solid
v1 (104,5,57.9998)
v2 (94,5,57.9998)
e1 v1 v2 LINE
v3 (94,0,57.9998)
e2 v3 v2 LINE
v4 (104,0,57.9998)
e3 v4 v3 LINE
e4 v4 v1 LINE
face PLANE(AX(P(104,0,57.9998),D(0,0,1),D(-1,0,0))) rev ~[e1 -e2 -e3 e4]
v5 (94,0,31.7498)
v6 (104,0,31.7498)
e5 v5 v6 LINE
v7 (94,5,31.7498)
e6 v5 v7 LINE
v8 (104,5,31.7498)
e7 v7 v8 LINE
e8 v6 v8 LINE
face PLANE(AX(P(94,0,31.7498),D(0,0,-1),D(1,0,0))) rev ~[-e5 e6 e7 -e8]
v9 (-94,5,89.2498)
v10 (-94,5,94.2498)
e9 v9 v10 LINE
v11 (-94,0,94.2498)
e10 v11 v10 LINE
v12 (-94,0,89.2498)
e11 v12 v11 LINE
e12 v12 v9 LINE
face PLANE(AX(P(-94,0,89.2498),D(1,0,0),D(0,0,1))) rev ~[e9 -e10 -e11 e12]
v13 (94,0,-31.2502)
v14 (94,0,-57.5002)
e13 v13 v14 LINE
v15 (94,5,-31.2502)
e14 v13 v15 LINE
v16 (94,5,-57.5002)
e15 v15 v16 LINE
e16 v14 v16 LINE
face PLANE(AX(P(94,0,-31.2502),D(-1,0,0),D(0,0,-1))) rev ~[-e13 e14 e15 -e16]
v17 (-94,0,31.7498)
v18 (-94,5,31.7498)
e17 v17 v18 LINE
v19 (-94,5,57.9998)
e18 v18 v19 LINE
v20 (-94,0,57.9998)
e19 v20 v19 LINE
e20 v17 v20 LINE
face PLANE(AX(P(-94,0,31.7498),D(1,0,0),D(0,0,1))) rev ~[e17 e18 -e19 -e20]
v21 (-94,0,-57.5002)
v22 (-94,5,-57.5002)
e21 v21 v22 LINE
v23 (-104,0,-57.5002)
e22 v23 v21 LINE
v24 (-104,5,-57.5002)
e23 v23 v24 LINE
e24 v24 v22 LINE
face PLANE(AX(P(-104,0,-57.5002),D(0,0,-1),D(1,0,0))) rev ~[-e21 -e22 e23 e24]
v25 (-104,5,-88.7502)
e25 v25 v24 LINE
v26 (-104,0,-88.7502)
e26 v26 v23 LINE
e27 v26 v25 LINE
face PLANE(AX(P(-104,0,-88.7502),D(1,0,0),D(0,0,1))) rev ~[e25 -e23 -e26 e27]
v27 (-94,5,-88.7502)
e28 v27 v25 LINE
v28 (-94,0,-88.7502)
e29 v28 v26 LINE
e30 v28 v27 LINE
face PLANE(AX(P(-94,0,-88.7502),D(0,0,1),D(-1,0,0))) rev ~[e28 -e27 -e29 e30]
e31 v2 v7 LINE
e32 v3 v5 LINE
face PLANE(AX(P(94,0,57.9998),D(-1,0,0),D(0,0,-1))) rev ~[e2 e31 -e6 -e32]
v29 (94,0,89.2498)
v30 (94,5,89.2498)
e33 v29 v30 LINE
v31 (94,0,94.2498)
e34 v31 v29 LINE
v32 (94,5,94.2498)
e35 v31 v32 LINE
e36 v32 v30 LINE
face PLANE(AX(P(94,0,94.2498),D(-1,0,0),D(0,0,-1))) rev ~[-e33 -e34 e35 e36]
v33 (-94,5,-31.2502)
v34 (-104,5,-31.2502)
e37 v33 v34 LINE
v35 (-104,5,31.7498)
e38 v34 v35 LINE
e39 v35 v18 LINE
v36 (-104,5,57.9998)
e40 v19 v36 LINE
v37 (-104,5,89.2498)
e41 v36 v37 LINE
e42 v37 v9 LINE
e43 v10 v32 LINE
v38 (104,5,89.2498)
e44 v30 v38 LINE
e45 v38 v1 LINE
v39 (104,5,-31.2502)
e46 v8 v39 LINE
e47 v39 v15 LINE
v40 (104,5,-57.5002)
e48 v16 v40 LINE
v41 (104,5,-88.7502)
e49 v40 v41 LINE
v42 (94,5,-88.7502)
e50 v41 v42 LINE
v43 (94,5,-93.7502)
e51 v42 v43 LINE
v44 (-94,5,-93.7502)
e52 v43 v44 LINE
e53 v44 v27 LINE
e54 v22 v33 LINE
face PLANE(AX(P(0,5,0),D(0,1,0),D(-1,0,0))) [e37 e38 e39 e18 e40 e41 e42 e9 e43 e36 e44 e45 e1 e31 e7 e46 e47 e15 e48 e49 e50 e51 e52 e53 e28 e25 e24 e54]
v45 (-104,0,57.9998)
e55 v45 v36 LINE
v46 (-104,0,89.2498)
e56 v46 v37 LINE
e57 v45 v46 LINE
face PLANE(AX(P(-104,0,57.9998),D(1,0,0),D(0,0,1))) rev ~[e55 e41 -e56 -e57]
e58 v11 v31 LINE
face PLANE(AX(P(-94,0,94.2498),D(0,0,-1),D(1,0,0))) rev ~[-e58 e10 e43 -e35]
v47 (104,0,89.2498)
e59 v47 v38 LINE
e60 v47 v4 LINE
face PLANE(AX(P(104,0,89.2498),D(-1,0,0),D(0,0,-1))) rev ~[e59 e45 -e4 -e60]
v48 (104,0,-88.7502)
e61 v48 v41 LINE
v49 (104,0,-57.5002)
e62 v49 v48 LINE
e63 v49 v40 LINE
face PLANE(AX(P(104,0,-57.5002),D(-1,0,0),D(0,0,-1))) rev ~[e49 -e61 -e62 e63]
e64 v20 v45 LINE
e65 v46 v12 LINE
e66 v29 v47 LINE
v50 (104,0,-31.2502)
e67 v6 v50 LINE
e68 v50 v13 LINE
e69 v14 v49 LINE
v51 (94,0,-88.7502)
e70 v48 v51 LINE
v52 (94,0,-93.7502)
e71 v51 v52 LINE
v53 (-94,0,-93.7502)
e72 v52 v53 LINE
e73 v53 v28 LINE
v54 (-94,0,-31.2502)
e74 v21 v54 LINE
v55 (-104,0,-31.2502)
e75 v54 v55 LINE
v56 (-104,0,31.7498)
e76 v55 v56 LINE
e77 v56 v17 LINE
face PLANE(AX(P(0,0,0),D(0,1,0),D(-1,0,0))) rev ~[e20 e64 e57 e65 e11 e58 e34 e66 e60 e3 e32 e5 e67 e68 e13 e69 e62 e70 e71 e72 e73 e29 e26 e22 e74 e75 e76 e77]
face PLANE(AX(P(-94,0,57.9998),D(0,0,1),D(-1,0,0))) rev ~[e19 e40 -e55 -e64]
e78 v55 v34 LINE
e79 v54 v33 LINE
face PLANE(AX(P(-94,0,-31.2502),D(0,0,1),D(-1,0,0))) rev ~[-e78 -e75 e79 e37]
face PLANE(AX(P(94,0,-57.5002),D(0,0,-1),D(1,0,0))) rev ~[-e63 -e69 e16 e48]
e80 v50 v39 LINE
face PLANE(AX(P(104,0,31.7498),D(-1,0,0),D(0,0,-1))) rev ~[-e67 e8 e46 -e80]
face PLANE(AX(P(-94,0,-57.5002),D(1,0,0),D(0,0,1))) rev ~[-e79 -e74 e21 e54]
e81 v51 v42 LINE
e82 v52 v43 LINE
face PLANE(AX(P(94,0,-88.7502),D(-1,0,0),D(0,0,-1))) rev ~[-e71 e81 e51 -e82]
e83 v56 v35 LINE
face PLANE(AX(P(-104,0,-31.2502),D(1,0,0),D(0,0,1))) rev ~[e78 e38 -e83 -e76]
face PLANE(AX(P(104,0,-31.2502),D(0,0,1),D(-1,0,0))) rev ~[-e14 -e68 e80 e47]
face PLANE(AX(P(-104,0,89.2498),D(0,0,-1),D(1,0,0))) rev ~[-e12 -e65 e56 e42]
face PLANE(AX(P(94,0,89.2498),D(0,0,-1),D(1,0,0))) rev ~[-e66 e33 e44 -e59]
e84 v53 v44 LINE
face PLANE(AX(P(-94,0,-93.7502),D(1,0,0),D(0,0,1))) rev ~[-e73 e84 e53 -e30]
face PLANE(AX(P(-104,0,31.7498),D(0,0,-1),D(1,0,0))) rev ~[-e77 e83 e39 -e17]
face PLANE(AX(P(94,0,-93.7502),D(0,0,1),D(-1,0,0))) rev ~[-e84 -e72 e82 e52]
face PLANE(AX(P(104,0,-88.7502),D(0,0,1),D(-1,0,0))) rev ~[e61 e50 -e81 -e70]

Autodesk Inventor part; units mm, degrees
ref_plane "YZ Plane" through (0, 0, 0) normal (1, 0, 0) x (0, 1, 0)
ref_plane "XZ Plane" through (0, 0, 0) normal (0, 1, 0) x (-1, 0, 0)
ref_plane "XY Plane" through (0, 0, 0) normal (0, 0, 1) x (1, 0, 0)
sketch "Sketch1" plane through (0, 0, 0) normal (0, 1, 0) x (-1, 0, 0)
  line L0 (-94, -88.7502) -> (-94, -93.7502) projected
  line L1 (-104, -88.7502) -> (-94, -88.7502) projected
  line L2 (-104, -57.5002) -> (-104, -88.7502) projected
  line L3 (-94, -57.5002) -> (-104, -57.5002) projected
  line L4 (-94, -31.2502) -> (-94, -57.5002) projected
  line L5 (-104, -31.2502) -> (-94, -31.2502) projected
  line L6 (-104, 31.7498) -> (-104, -31.2502) projected
  line L7 (-94, 31.7498) -> (-104, 31.7498) projected
  line L8 (-94, 57.9998) -> (-94, 31.7498) projected
  line L9 (-104, 57.9998) -> (-94, 57.9998) projected
  line L10 (-104, 89.2498) -> (-104, 57.9998) projected
  line L11 (-94, 89.2498) -> (-104, 89.2498) projected
  line L12 (-94, 94.2498) -> (-94, 89.2498) projected
  line L13 (94, 89.2498) -> (94, 94.2498) projected
  line L14 (104, 89.2498) -> (94, 89.2498) projected
  line L15 (104, 57.9998) -> (104, 89.2498) projected
  line L16 (94, 57.9998) -> (104, 57.9998) projected
  line L17 (94, 31.7498) -> (94, 57.9998) projected
  line L18 (104, 31.7498) -> (94, 31.7498) projected
  line L19 (104, -31.2502) -> (104, 31.7498) projected
  line L20 (94, -31.2502) -> (104, -31.2502) projected
  line L21 (94, -57.5002) -> (94, -31.2502) projected
  line L22 (104, -57.5002) -> (94, -57.5002) projected
  line L23 (104, -88.7502) -> (104, -57.5002) projected
  line L24 (94, -88.7502) -> (104, -88.7502) projected
  line L25 (94, -93.7502) -> (94, -88.7502) projected
  line L26 (-94, -93.7502) -> (94, -93.7502)
  line L27 (94, 94.2498) -> (-94, 94.2498)
  dimension "d2" = 188
  dimension "d3" = 188
  dimension "d4" = 208
extrude "Extrusion1" add sketch "Sketch1" along normal blind 5
properties part number "board cover" material "Glass"
